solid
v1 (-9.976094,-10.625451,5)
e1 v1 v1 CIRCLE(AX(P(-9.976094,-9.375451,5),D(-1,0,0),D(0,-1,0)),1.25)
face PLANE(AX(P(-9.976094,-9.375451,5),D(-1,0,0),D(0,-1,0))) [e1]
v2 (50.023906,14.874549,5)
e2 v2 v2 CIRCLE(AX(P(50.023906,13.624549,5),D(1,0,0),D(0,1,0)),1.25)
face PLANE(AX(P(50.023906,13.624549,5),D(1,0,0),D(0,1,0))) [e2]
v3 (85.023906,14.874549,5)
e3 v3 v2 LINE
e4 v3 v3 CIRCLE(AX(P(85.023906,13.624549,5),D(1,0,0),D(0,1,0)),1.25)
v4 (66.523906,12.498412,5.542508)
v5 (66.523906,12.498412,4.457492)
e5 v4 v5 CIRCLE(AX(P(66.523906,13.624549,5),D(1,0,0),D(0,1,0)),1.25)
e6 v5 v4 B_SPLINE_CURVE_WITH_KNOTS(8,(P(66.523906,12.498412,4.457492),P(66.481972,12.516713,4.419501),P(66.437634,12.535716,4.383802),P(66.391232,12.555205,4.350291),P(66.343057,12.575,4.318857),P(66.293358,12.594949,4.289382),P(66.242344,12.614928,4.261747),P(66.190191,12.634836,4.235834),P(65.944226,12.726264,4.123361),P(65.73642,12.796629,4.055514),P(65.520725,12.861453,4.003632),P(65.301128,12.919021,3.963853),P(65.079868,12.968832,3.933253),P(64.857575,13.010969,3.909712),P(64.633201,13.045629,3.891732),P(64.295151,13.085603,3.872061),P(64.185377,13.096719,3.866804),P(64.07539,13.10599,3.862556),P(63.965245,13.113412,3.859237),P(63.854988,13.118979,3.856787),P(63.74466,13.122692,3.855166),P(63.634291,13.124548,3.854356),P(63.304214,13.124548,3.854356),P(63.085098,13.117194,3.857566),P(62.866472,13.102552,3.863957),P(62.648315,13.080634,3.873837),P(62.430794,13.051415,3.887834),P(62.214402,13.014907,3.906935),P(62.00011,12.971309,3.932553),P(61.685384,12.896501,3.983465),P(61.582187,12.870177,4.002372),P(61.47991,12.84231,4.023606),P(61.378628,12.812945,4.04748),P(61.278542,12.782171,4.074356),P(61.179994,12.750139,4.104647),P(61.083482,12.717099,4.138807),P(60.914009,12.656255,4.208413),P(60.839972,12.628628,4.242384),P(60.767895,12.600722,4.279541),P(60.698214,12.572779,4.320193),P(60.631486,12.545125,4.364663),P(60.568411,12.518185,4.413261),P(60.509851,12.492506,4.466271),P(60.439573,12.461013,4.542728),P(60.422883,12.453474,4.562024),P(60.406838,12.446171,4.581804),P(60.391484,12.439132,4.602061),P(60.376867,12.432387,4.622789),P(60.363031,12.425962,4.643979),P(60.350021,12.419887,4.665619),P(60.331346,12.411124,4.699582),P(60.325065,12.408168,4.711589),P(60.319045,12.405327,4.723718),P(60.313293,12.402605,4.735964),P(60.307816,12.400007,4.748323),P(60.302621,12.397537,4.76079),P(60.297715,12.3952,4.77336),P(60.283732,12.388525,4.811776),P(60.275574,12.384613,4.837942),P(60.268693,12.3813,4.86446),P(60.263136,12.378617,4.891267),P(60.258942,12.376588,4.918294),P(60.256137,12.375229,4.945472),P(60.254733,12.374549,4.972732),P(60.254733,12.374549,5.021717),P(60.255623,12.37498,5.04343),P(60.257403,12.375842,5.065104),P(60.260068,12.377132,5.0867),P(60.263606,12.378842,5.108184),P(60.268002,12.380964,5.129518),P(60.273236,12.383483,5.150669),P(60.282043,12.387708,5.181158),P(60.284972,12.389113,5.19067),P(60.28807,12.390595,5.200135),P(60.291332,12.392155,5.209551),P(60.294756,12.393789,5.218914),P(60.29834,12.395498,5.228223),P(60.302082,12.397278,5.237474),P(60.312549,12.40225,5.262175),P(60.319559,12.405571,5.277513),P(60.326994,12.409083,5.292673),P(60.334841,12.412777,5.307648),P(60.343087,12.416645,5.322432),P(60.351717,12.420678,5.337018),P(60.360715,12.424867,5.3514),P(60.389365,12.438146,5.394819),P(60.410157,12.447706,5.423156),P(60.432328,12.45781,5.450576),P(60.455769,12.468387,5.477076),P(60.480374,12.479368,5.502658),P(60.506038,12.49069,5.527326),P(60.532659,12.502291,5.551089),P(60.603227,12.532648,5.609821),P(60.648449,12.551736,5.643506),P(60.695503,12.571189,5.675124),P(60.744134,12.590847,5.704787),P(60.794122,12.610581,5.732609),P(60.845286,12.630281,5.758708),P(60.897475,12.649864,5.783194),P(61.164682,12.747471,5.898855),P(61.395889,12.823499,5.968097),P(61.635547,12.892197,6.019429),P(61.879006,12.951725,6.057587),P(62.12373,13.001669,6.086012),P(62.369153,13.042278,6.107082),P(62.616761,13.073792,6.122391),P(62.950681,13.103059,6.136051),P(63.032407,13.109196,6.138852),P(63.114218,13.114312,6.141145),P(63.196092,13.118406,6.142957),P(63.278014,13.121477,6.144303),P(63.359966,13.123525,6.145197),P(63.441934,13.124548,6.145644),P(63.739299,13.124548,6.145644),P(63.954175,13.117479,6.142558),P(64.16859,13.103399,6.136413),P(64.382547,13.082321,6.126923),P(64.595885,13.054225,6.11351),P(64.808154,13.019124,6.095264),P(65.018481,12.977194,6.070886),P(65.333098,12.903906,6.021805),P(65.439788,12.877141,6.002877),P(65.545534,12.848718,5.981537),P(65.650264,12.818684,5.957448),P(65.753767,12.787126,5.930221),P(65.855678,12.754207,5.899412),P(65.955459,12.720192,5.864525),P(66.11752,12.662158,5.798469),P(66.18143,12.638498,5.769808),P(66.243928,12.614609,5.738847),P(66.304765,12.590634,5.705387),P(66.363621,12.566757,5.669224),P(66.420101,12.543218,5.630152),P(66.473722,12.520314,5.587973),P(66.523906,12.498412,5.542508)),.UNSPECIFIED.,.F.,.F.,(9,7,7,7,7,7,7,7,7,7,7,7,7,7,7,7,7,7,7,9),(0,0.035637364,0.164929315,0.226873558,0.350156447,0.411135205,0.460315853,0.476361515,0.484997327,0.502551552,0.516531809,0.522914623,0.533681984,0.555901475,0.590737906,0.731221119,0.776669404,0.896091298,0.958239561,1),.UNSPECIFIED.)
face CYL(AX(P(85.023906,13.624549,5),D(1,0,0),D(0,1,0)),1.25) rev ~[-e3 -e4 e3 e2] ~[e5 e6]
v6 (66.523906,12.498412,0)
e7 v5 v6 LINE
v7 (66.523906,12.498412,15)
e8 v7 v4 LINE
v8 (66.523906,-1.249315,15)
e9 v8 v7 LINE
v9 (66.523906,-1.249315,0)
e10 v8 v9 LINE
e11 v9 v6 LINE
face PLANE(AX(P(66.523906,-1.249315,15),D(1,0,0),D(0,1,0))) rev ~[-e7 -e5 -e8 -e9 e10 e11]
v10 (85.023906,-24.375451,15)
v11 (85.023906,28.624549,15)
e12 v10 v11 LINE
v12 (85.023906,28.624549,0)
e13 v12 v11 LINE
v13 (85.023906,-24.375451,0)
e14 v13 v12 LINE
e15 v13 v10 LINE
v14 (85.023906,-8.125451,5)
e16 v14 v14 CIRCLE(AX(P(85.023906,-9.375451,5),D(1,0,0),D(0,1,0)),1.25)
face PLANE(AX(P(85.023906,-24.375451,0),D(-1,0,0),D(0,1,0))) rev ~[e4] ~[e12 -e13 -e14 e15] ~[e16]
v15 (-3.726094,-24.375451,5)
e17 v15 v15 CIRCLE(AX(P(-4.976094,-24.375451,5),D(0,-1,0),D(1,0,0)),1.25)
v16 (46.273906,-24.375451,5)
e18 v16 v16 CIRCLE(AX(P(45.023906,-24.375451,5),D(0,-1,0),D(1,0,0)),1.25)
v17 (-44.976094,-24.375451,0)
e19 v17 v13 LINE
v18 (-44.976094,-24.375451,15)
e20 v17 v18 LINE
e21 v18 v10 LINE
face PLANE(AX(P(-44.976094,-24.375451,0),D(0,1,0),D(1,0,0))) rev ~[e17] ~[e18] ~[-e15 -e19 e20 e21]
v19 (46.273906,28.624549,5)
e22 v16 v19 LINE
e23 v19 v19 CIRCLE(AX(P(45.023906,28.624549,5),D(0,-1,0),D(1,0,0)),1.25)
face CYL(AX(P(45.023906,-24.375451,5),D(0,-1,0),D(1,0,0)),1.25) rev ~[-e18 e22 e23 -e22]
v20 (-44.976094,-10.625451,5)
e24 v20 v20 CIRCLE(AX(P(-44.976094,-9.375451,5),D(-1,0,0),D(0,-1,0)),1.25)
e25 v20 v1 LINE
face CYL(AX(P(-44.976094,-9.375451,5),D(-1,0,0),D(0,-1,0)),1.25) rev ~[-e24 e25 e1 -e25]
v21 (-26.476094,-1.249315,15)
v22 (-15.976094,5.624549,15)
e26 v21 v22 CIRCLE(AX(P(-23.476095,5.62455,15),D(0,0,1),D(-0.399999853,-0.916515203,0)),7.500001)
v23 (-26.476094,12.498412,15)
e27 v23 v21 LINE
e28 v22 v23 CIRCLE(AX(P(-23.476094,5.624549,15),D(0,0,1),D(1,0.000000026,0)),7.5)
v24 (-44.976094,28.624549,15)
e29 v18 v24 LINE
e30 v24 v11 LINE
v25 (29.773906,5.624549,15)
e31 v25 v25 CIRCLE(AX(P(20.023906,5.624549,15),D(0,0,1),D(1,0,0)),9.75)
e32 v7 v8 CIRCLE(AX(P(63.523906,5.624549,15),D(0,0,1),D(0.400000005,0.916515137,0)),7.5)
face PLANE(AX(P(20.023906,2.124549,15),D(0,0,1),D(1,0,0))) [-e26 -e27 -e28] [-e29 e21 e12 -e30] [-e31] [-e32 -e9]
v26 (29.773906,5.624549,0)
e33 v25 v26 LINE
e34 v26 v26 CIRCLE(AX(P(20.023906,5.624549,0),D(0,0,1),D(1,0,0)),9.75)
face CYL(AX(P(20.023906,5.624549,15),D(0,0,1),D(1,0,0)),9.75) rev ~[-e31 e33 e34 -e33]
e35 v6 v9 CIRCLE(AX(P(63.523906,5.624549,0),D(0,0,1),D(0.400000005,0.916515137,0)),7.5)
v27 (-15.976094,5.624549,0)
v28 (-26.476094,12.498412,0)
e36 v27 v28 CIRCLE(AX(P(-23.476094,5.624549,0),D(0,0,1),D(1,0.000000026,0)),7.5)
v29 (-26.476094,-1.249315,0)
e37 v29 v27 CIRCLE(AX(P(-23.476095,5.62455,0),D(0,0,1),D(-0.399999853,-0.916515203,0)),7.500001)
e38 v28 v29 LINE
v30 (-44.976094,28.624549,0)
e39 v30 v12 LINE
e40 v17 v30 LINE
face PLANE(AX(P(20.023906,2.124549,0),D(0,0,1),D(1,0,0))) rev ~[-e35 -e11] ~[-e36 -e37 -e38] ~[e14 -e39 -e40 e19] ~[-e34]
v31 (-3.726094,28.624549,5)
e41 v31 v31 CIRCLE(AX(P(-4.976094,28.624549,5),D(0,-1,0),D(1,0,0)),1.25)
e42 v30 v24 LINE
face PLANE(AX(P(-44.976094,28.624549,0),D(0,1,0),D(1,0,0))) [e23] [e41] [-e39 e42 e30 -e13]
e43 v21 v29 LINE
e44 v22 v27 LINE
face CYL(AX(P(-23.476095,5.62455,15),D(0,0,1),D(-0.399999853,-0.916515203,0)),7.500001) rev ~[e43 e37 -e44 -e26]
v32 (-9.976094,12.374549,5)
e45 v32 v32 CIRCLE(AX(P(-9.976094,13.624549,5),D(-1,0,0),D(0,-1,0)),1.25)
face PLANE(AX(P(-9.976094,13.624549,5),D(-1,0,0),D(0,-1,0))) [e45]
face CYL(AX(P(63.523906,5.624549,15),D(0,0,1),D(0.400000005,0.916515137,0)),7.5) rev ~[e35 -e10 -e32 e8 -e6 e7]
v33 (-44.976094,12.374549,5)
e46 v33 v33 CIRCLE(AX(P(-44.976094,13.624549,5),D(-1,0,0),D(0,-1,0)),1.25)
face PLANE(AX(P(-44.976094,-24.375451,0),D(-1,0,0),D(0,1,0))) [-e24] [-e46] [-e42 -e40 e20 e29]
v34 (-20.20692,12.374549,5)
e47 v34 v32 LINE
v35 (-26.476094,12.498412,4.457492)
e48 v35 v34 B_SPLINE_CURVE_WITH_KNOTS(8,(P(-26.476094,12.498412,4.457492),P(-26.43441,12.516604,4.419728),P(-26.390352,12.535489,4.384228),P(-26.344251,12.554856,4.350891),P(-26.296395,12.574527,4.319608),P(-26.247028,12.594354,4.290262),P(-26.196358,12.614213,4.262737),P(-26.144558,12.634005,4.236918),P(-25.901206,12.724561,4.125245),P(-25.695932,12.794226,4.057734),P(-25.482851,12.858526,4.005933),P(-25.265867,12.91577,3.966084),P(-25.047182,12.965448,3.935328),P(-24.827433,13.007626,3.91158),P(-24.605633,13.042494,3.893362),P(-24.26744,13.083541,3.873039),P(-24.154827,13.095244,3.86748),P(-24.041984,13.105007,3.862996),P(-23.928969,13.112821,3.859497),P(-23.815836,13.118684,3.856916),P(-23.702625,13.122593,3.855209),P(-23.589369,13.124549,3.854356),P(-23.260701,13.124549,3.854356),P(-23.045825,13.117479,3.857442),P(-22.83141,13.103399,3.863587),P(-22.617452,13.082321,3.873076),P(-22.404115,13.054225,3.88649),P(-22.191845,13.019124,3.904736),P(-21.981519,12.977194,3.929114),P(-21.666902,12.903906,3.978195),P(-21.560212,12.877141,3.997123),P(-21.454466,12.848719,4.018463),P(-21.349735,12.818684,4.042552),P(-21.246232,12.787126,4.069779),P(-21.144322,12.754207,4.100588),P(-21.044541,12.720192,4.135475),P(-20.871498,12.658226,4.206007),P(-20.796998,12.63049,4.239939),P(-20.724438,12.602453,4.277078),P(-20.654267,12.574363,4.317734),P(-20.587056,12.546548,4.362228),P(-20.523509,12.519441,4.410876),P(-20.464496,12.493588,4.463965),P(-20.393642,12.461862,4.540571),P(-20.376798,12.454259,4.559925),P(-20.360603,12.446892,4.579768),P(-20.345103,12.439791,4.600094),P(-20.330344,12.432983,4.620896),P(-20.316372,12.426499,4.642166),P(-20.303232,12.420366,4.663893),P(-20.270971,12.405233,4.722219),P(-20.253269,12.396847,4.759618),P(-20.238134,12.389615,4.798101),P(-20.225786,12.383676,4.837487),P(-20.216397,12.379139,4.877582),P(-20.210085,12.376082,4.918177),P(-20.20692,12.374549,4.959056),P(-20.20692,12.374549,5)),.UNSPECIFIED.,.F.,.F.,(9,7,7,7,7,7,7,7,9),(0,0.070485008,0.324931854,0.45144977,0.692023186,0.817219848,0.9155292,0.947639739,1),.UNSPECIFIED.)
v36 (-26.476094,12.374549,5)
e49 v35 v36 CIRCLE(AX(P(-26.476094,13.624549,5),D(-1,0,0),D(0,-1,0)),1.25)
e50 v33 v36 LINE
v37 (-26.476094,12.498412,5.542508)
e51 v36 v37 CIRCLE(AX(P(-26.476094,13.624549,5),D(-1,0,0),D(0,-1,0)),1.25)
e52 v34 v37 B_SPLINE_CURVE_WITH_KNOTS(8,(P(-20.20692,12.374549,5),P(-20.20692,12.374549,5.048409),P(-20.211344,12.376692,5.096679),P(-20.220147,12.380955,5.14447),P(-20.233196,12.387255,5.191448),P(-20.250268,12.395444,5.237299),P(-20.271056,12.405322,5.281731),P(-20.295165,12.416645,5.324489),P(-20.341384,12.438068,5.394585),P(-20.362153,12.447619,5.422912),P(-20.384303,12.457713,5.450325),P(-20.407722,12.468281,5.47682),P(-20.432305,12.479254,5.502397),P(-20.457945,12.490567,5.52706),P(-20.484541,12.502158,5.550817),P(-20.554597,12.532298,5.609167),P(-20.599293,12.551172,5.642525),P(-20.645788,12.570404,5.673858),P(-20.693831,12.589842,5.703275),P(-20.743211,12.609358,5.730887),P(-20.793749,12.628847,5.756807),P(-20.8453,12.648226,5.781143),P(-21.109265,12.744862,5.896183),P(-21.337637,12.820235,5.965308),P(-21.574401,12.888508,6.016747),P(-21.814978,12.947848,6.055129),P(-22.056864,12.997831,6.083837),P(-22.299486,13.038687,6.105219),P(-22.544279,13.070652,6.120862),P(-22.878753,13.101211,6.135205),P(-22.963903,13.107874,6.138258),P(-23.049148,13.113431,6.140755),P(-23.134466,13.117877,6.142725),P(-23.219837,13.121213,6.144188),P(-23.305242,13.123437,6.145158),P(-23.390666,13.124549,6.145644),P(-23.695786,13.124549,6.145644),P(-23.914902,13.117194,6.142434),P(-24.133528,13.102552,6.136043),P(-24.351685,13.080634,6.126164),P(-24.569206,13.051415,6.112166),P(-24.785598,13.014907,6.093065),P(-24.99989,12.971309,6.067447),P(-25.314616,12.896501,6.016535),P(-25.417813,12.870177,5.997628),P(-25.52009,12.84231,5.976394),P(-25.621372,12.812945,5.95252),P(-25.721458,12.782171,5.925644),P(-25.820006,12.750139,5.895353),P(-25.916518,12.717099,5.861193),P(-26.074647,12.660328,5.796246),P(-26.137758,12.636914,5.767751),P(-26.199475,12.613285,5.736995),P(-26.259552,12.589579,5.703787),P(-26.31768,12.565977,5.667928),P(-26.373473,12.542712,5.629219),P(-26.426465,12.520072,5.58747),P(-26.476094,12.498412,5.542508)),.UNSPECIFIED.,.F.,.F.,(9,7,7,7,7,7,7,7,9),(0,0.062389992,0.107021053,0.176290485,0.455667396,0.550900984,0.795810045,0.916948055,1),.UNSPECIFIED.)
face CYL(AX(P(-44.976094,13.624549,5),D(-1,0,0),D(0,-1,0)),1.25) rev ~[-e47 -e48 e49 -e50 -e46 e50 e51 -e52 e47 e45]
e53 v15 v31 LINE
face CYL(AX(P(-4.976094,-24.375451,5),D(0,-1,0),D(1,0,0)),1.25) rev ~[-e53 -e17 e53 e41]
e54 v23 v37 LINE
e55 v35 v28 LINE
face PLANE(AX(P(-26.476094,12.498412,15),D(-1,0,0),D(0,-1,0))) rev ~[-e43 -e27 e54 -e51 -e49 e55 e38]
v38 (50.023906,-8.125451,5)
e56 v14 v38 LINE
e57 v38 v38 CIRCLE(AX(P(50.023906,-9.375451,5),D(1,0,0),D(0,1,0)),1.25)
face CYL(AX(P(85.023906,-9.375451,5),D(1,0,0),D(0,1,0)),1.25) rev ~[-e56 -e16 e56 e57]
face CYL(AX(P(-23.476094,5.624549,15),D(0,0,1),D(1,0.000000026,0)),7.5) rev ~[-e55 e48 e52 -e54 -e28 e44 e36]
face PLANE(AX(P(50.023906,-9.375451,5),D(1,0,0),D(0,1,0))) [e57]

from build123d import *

# Parameters (mm, degrees)
F0_W      = 130
F0_H      = 53
F1_DEPTH  = 15
F2_R      = 1.25
F5_DEPTH  = 35
F3_R      = 1.25
F6_DEPTH  = 53
F4_R      = 1.25
F7_DEPTH  = 35
F9_DEPTH  = 15
F10_R     = 9.75
F11_DEPTH = 15


with BuildPart() as f1:
    # F0 (on Top) → F1 (new body)
    with BuildSketch(Plane.XY):
        with Locations((20.023906, 2.124549)):
            Rectangle(F0_W, F0_H)
    extrude(amount=F1_DEPTH)

    # F2 (on face) → F5 (cut)
    with BuildSketch(Plane.YZ.offset(85.023906)):
        with Locations((-9.375451, 5)):
            Circle(F2_R)
        with Locations((13.624549, 5)):
            Circle(F2_R)
    extrude(amount=-F5_DEPTH, mode=Mode.SUBTRACT)

    # F3 (on face) → F6 (cut, through all)
    with BuildSketch(Plane.XZ.offset(24.375451)):
        with Locations((-4.976094, 5)):
            Circle(F3_R)
        with Locations((45.023906, 5)):
            Circle(F3_R)
    extrude(amount=-F6_DEPTH, mode=Mode.SUBTRACT)

    # F4 (on face) → F7 (cut)
    with BuildSketch(Plane(origin=(-44.976094, 0, 0), x_dir=(0, -1, 0), z_dir=(-1, 0, 0))):
        with Locations((-13.624549, 5)):
            Circle(F4_R)
        with Locations((9.375451, 5)):
            Circle(F4_R)
    extrude(amount=-F7_DEPTH, mode=Mode.SUBTRACT)

    # F8 (on face) → F9 (cut, through all)
    with BuildSketch(Plane.XY.offset(15)):
        with BuildLine():
            Line((66.523906, -1.249315), (66.523906, 12.498412))
            ThreePointArc((66.523906, 12.498412), (56.023906, 5.624549), (66.523906, -1.249315))
        make_face()
        with BuildLine():
            ThreePointArc((-26.476094, -1.249315), (-19.368175, -0.650401), (-15.976094, 5.624549))
            ThreePointArc((-15.976094, 5.624549), (-19.368175, 11.899499), (-26.476094, 12.498412))
            Line((-26.476094, 12.498412), (-26.476094, -1.249315))
        make_face()
    extrude(amount=-F9_DEPTH, mode=Mode.SUBTRACT)

    # F10 (on face) → F11 (cut, through all)
    with BuildSketch(Plane.XY.offset(15)):
        with Locations((20.023906, 5.624549)):
            Circle(F10_R)
    extrude(amount=-F11_DEPTH, mode=Mode.SUBTRACT)


solid = f1.part
